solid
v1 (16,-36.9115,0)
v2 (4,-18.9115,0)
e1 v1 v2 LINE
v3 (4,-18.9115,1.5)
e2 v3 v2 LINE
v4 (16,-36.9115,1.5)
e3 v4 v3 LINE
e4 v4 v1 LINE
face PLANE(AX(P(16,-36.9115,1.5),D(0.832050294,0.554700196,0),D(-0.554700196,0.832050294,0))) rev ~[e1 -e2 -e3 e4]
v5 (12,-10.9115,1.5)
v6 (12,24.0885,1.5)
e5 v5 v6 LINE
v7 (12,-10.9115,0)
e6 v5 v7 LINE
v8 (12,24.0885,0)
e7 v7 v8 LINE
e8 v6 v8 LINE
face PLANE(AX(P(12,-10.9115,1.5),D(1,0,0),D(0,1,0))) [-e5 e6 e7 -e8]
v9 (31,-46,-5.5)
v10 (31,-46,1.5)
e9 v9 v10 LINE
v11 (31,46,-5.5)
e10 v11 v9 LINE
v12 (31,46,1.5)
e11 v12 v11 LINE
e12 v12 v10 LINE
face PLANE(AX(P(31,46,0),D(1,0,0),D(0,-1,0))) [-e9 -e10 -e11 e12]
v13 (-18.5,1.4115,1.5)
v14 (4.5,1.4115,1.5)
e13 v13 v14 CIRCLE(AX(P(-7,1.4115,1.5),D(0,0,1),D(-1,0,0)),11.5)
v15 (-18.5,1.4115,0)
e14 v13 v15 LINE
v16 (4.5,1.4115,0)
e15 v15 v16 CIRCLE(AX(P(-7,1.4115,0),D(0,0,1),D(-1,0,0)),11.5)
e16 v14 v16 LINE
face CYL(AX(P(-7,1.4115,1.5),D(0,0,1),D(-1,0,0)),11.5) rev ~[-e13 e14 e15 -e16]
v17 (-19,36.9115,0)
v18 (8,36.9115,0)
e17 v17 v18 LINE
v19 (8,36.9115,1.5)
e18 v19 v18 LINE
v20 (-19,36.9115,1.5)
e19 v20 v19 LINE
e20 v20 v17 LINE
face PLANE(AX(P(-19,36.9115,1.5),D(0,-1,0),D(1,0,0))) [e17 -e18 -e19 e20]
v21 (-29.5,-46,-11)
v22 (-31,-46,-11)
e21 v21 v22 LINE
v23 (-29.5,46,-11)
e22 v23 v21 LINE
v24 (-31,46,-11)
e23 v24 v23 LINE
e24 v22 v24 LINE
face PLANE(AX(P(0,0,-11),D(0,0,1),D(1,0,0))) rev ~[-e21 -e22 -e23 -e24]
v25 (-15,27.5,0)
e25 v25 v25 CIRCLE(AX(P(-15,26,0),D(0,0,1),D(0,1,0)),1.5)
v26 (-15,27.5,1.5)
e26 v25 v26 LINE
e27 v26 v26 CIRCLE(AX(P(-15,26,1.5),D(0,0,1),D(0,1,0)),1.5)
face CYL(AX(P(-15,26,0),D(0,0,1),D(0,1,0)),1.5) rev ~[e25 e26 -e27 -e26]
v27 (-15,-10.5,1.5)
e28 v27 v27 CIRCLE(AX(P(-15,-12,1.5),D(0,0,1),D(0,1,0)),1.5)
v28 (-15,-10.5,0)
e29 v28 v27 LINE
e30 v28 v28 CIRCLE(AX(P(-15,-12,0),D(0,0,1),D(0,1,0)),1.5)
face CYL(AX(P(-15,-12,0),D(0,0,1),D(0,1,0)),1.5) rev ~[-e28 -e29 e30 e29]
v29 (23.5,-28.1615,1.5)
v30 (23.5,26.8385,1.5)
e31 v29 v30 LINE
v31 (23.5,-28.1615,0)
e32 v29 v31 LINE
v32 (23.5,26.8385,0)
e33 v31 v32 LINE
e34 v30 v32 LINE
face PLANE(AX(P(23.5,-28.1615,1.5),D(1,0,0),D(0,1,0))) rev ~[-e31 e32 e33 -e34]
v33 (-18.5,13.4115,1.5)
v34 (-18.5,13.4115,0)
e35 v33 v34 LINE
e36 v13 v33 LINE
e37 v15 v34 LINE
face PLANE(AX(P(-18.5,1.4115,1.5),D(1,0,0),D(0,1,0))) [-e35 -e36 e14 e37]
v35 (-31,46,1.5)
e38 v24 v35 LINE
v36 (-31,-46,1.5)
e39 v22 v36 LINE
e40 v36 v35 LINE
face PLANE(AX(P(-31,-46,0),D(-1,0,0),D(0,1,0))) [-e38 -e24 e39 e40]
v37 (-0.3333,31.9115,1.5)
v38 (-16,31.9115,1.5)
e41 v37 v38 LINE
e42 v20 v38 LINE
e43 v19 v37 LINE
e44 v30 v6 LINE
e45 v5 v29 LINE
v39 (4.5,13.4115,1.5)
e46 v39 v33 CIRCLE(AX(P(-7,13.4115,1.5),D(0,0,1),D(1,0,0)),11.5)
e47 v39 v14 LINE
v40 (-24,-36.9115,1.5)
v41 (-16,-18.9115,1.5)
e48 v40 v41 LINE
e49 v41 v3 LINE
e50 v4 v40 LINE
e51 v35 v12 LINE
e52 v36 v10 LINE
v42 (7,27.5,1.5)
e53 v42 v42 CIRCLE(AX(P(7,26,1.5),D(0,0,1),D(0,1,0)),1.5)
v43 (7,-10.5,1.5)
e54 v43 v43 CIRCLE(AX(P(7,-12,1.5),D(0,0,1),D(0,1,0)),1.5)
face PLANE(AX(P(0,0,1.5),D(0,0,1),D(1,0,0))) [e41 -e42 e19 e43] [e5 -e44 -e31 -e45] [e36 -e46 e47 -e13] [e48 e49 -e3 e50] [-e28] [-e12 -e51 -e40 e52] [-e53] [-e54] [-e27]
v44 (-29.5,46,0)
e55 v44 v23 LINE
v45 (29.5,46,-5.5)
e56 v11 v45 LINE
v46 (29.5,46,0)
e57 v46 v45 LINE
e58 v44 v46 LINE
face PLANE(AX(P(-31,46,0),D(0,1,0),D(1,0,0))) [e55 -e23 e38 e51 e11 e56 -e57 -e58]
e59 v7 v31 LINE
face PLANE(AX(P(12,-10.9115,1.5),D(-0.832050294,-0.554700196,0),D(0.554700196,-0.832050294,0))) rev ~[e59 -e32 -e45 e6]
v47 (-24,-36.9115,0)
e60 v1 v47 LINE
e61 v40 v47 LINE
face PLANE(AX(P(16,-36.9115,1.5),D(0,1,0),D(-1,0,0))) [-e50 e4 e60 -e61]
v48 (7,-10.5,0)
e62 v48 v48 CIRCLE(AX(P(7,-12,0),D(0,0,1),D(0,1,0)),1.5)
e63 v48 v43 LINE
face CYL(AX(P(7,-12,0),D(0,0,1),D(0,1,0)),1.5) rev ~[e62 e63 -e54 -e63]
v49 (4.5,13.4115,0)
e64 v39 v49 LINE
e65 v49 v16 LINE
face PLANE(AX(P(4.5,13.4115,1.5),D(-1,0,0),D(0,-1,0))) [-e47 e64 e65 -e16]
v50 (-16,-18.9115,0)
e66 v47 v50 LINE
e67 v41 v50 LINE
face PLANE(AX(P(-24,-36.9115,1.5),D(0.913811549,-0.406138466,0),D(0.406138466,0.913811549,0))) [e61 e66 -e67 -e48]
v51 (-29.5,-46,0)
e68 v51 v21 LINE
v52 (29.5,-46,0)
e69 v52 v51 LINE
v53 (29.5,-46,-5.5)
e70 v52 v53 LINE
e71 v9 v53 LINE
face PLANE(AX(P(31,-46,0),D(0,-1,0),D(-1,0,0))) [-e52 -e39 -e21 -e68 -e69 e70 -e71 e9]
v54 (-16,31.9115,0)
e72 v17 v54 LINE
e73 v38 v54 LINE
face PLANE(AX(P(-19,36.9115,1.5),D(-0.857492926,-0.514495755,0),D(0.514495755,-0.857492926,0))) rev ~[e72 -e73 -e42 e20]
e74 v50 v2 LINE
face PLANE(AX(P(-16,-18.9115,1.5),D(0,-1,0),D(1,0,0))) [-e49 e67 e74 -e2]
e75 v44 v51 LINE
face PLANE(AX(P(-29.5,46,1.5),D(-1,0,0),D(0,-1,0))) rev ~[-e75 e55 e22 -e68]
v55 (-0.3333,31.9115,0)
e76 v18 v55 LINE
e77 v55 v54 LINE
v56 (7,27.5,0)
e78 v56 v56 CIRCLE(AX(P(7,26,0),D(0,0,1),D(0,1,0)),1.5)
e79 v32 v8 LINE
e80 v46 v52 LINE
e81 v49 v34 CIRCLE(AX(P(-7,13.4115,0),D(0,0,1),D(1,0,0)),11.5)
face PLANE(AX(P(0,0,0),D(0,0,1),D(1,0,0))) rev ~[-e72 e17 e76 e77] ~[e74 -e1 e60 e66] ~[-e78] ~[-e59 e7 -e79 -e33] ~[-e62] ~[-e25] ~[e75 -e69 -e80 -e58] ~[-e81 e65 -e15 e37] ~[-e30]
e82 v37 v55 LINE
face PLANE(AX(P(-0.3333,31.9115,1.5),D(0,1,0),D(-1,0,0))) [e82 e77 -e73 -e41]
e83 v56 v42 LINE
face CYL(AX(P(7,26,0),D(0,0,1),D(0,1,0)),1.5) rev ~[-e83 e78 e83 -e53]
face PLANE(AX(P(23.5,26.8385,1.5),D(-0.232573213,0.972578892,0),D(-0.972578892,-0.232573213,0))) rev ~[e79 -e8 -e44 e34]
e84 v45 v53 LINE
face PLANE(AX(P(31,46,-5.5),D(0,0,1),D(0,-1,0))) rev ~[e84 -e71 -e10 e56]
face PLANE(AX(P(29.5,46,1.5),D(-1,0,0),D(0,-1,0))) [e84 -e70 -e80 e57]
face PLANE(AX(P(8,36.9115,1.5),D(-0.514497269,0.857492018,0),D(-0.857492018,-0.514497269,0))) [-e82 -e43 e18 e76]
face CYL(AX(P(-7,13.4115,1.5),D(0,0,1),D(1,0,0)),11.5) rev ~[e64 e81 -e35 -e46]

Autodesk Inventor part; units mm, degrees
ref_plane "YZ Plane" through (0, 0, 0) normal (1, 0, 0) x (0, 1, 0)
ref_plane "XZ Plane" through (0, 0, 0) normal (0, 1, 0) x (-1, 0, 0)
ref_plane "XY Plane" through (0, 0, 0) normal (0, 0, 1) x (1, 0, 0)
sketch "スケッチ1" plane through (0, 0, 0) normal (0, 0, 1) x (1, 0, 0)
  line L0 (-31, 46) -> (31, 46)
  line L1 (31, 46) -> (31, -46)
  line L2 (31, -46) -> (-31, -46)
  line L3 (-31, -46) -> (-31, 46)
  point P0 (0, 0)
  dimension "d0" = 92
  dimension "d1" = 46
  dimension "d2" = 62
  dimension "d3" = 31
extrude "押し出し1" add sketch "スケッチ1" along normal blind 1.5
sketch "スケッチ3" plane through (0, 0, 0) normal (0, 0, -1) x (-1, 0, 0)
  circle A0 centre (-7, 26) radius 1.5
  circle A1 centre (15, 26) radius 1.5
  circle A2 centre (-7, -12) radius 1.5
  circle A3 centre (15, -12) radius 1.5
  line L0 (31, 46) -> (-31, 46) projected
  line L1 (31, -46) -> (31, 46) projected
  point P0 (0, 0)
  dimension "d10" = 3
  dimension "d11" = 22
  dimension "d12" = 22
  dimension "d15" = 38
  dimension "d16" = 38
  dimension "d35" = 20
  dimension "d36" = 20
  dimension "d44" = 16
  dimension "d45" = 16
hole "穴1" at (-15, -12, 0) at (-15, 26, 0) at (7, 26, 0) at (7, -12, 0) direction (0, 0, 1) diameter 3 end through all
sketch "スケッチ4" plane through (0, 0, 1.5) normal (0, 0, 1) x (1, 0, 0)
  line L0 (-31, -46) -> (-31, 46) projected
  line L1 (31, -46) -> (-31, -46) projected
  line L2 (-31, 46) -> (-29.5, 46)
  line L3 (-29.5, 46) -> (-29.5, -46)
  line L4 (-29.5, -46) -> (-31, -46)
  line L5 (-31, -46) -> (-31, 46)
  line L6 (31, 46) -> (29.5, 46)
  line L7 (29.5, 46) -> (29.5, -46)
  line L8 (29.5, -46) -> (31, -46)
  line L9 (31, -46) -> (31, 46)
  point P0 (0, 0)
  dimension "d37" = 59
  dimension "d39" = 1.5
extrude "押し出し3" add sketch "スケッチ4" against normal blind 12.5
sketch "スケッチ6" plane through (31, -46, 0) normal (1, 0, 0) x (0, 0, 1)
  line L0 (1.5, 0) -> (-11, 0) projected
  line L1 (-11, -92) -> (-5.5, -92)
  line L2 (-5.5, -92) -> (-5.5, 0)
  line L3 (-5.5, 0) -> (-11, 0)
  line L4 (-11, 0) -> (-11, -92)
  point P0 (0, 0)
  point P1 (0, -46)
extrude "押し出し5" cut sketch "スケッチ6" against normal blind 1.5
sketch "スケッチ7" plane through (0, 0, 1.5) normal (0, 0, 1) x (1, 0, 0)
  line L0 (4.5, 13.4115) -> (4.5, 1.4115)
  line L1 (-18.5, 1.4115) -> (-18.5, 13.4115)
  line L2 (-19, 36.9115) -> (8, 36.9115)
  line L3 (-0.3333, 31.9115) -> (-16, 31.9115)
  line L4 (-16, -18.9115) -> (4, -18.9115)
  line L5 (16, -36.9115) -> (-24, -36.9115)
  line L6 (-24, -36.9115) -> (-16, -18.9115)
  line L7 (16, -36.9115) -> (4, -18.9115)
  line L8 (-19, 36.9115) -> (-16, 31.9115)
  line L9 (8, 36.9115) -> (-0.3333, 31.9115)
  arc A0 (-18.5, 1.4115) -> (4.5, 1.4115) centre (-7, 1.4115) ccw
  arc A1 (4.5, 13.4115) -> (-18.5, 13.4115) centre (-7, 13.4115) ccw
  line L10 (31, -46) -> (31, 46) projected
  line L11 (12, -10.9115) -> (23.5, -28.1615)
  line L12 (23.5, -28.1615) -> (23.5, 26.8385)
  line L13 (23.5, 26.8385) -> (12, 24.0885)
  line L14 (12, -10.9115) -> (12, 24.0885)
  line L15 (29.5, 46) -> (29.5, -46) projected
  line L16 (-29.5, 46) -> (29.5, 46) projected
  point P0 (0, 0)
  dimension "d62" = 12
  dimension "d63" = 11.5
  dimension "d64" = 11.5
  dimension "d65" = 23
  dimension "d70" = 5
  dimension "d72" = 18
  dimension "d73" = 27
  dimension "d89" = 40
  dimension "d92" = 20
  dimension "d114" = 35
  dimension "d115" = 55
  dimension "d118" = 11.5
  dimension "d119" = 6
  dimension "d125" = 38
  dimension "d126" = 9.0885
extrude "押し出し7" cut sketch "スケッチ7" against normal blind 1.5
properties material "アセタール樹脂、白"
